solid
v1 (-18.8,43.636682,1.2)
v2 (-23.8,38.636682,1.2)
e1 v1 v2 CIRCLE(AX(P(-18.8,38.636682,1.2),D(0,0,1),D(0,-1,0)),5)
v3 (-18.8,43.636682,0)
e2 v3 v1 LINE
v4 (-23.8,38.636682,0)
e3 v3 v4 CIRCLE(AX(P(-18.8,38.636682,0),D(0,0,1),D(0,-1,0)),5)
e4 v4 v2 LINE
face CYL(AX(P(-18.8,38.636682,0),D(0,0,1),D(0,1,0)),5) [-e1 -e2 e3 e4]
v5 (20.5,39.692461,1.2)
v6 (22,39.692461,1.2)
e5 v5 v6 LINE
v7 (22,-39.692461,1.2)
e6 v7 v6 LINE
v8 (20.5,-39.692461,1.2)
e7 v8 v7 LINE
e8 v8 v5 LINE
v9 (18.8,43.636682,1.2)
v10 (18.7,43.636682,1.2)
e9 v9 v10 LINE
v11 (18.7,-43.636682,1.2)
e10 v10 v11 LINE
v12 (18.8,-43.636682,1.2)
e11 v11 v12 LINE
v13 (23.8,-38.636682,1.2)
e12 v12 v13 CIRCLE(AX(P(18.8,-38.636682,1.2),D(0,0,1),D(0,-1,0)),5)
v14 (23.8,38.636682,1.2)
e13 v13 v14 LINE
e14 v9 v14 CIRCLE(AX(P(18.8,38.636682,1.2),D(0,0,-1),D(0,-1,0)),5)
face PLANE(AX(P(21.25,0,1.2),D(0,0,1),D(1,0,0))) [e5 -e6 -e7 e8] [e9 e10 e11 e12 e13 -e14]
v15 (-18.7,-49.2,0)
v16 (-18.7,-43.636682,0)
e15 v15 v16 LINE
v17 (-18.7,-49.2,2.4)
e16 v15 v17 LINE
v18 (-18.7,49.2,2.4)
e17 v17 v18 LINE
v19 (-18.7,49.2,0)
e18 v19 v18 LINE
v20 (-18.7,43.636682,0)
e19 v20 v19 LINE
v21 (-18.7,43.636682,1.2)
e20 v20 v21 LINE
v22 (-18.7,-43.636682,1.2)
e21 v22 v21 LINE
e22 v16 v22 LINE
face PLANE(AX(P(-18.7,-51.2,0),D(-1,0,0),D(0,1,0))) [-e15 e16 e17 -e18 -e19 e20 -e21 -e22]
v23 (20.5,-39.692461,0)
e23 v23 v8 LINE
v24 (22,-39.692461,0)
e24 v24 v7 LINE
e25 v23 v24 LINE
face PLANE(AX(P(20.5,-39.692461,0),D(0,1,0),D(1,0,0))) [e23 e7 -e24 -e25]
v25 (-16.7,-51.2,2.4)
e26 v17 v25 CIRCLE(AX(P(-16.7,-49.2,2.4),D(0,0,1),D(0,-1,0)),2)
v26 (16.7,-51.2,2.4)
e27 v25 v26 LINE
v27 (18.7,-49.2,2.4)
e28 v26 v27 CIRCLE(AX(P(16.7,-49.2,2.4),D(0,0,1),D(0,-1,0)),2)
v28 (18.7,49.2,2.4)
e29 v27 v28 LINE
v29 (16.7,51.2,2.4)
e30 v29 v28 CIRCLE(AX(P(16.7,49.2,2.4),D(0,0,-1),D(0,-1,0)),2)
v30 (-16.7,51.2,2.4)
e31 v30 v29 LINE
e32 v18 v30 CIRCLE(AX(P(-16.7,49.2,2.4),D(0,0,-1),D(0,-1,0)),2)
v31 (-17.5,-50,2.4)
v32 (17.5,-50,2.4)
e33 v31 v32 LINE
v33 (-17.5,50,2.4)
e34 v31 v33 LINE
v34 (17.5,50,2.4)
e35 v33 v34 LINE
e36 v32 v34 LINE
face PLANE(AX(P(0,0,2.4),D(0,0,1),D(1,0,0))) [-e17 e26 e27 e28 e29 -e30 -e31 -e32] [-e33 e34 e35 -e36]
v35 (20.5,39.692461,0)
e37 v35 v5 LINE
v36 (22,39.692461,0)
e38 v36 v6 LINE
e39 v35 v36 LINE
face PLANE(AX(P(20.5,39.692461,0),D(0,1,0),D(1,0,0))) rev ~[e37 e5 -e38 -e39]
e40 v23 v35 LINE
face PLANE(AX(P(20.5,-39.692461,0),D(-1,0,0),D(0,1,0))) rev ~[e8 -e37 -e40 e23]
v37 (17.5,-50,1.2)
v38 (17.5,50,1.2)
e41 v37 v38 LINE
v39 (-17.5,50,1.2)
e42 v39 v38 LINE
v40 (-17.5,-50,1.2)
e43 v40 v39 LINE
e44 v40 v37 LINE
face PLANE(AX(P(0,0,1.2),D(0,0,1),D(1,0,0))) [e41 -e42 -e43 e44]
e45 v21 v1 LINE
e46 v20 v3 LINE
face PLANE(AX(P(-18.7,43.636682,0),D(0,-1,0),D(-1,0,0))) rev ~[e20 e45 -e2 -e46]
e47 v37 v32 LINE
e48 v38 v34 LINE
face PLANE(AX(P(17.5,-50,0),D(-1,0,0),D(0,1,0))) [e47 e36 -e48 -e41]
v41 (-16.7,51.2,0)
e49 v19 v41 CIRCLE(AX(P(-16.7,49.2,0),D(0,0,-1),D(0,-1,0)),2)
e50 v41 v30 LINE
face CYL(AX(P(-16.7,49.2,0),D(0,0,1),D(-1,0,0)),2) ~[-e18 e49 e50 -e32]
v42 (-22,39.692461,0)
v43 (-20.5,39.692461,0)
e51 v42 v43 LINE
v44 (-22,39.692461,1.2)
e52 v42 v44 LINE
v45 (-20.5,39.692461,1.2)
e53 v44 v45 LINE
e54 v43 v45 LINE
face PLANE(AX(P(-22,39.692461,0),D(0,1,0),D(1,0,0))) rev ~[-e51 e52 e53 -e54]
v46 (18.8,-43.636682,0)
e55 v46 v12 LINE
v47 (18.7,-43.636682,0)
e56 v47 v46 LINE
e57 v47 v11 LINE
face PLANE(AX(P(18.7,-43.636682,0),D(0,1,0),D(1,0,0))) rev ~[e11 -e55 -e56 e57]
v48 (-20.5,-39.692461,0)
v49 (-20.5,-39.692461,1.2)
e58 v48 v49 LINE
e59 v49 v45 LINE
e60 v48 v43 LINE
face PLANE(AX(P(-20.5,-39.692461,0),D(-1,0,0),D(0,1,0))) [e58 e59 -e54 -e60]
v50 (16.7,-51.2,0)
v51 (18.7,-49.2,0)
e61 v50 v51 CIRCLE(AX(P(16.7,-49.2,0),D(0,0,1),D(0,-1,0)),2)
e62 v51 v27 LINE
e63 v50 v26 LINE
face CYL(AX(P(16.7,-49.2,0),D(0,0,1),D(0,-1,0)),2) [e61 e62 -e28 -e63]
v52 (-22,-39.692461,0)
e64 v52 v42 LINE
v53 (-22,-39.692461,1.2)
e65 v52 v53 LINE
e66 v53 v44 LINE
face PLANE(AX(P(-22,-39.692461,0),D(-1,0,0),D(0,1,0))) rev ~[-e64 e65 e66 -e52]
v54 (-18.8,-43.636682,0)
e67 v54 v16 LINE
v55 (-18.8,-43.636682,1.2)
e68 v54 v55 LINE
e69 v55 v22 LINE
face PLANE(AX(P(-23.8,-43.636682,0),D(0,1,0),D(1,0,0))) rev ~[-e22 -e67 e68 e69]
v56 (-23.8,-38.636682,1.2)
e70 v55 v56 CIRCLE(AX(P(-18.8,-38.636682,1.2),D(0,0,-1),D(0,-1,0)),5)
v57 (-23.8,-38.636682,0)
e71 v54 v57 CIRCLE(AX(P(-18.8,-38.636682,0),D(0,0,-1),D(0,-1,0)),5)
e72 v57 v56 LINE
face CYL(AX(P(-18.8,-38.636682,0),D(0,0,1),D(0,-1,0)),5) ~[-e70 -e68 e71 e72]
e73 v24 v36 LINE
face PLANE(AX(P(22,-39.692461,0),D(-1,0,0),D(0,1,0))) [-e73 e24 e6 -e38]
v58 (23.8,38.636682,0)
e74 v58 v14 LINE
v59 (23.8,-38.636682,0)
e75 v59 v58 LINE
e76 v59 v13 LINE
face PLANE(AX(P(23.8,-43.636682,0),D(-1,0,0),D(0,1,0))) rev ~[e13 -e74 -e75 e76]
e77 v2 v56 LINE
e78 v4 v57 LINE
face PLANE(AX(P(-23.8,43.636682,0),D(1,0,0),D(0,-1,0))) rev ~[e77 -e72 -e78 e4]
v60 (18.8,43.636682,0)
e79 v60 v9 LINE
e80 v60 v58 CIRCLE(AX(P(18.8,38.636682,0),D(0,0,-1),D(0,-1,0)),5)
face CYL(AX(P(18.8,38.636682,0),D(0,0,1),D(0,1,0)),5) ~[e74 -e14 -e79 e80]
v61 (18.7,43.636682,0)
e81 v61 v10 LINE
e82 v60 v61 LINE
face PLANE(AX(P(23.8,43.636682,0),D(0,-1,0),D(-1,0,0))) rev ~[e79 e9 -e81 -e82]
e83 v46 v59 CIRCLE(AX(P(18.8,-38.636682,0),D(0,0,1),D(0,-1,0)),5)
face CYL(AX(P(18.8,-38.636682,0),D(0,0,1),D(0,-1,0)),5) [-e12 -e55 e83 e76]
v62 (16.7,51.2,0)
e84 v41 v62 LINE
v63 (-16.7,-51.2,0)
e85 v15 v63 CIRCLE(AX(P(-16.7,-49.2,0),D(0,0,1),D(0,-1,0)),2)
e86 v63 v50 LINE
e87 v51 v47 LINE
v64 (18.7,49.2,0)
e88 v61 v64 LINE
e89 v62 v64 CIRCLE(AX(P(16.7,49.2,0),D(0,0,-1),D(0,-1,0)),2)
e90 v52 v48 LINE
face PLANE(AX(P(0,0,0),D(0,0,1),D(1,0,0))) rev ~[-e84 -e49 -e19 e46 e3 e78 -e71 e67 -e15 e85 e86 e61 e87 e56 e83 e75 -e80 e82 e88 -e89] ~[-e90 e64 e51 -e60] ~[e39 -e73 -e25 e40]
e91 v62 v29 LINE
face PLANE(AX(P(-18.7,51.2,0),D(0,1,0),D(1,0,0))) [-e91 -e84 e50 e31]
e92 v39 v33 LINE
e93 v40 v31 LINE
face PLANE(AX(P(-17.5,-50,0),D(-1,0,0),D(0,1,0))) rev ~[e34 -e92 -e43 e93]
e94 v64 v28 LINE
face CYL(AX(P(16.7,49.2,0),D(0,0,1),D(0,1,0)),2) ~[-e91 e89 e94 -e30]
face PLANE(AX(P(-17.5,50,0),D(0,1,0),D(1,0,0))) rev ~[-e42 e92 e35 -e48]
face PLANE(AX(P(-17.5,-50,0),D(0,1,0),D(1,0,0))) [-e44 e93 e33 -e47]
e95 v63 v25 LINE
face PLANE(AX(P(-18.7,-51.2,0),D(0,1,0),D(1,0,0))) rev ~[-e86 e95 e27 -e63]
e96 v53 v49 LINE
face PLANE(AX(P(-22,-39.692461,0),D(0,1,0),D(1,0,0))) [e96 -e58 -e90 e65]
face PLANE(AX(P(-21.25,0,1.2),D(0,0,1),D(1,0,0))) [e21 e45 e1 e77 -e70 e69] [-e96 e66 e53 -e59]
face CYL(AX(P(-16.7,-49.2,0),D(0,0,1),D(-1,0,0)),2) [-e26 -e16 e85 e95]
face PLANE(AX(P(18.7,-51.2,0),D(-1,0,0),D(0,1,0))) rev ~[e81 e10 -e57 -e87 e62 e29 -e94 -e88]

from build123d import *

# Parameters (mm, degrees)
F1_W     = 35
F1_H     = 100
F2_DEPTH = 1.2
F1_W_2   = 37.4
F1_H_2   = 102.4
F3_DEPTH = 2.4
F4_R     = 2
F5_W     = 1.5
F5_H     = 79.3849229813
F6_DEPTH = 1.2
F7_R     = 5


with BuildPart() as f2:
    # F1 (on Top) → F2 (new body)
    with BuildSketch(Plane.XY):
        Rectangle(F1_W, F1_H)
    extrude(amount=F2_DEPTH)

    # F1 (on Top) → F3 (join)
    with BuildSketch(Plane.XY):
        Rectangle(F1_W_2, F1_H_2)
        Rectangle(F1_W, F1_H, mode=Mode.SUBTRACT)
    extrude(amount=F3_DEPTH)

    # F4
    f4_edges = [f2.edges().sort_by_distance(p)[0] for p in [
        (-18.7, -51.2, 1.2),
        (18.7, -51.2, 1.2),
        (18.7, 51.2, 1.2),
        (-18.7, 51.2, 1.2),
    ]]
    fillet(f4_edges, radius=F4_R)

    # F5 (on face) → F6 (join)
    with BuildSketch(Plane.XY):
        Polygon((-23.8, -43.636681512), (-18.7, -43.636681512), (-18.7, 43.636681512), (-23.8, 43.636681512), (-23.8, 0), align=None)
        with Locations((-21.25, 0)):
            Rectangle(F5_W, F5_H, mode=Mode.SUBTRACT)
        Polygon((23.8, -43.636681512), (23.8, 0), (23.8, 43.636681512), (18.7, 43.636681512), (18.7, -43.636681512), align=None)
        with Locations((21.25, 0)):
            Rectangle(F5_W, F5_H, mode=Mode.SUBTRACT)
    extrude(amount=F6_DEPTH)

    # F7
    f7_edges = [f2.edges().sort_by_distance(p)[0] for p in [
        (-23.8, 43.636682, 0.6),
        (23.8, 43.636682, 0.6),
        (23.8, -43.636682, 0.6),
        (-23.8, -43.636682, 0.6),
    ]]
    fillet(f7_edges, radius=F7_R)


solid = f2.part
